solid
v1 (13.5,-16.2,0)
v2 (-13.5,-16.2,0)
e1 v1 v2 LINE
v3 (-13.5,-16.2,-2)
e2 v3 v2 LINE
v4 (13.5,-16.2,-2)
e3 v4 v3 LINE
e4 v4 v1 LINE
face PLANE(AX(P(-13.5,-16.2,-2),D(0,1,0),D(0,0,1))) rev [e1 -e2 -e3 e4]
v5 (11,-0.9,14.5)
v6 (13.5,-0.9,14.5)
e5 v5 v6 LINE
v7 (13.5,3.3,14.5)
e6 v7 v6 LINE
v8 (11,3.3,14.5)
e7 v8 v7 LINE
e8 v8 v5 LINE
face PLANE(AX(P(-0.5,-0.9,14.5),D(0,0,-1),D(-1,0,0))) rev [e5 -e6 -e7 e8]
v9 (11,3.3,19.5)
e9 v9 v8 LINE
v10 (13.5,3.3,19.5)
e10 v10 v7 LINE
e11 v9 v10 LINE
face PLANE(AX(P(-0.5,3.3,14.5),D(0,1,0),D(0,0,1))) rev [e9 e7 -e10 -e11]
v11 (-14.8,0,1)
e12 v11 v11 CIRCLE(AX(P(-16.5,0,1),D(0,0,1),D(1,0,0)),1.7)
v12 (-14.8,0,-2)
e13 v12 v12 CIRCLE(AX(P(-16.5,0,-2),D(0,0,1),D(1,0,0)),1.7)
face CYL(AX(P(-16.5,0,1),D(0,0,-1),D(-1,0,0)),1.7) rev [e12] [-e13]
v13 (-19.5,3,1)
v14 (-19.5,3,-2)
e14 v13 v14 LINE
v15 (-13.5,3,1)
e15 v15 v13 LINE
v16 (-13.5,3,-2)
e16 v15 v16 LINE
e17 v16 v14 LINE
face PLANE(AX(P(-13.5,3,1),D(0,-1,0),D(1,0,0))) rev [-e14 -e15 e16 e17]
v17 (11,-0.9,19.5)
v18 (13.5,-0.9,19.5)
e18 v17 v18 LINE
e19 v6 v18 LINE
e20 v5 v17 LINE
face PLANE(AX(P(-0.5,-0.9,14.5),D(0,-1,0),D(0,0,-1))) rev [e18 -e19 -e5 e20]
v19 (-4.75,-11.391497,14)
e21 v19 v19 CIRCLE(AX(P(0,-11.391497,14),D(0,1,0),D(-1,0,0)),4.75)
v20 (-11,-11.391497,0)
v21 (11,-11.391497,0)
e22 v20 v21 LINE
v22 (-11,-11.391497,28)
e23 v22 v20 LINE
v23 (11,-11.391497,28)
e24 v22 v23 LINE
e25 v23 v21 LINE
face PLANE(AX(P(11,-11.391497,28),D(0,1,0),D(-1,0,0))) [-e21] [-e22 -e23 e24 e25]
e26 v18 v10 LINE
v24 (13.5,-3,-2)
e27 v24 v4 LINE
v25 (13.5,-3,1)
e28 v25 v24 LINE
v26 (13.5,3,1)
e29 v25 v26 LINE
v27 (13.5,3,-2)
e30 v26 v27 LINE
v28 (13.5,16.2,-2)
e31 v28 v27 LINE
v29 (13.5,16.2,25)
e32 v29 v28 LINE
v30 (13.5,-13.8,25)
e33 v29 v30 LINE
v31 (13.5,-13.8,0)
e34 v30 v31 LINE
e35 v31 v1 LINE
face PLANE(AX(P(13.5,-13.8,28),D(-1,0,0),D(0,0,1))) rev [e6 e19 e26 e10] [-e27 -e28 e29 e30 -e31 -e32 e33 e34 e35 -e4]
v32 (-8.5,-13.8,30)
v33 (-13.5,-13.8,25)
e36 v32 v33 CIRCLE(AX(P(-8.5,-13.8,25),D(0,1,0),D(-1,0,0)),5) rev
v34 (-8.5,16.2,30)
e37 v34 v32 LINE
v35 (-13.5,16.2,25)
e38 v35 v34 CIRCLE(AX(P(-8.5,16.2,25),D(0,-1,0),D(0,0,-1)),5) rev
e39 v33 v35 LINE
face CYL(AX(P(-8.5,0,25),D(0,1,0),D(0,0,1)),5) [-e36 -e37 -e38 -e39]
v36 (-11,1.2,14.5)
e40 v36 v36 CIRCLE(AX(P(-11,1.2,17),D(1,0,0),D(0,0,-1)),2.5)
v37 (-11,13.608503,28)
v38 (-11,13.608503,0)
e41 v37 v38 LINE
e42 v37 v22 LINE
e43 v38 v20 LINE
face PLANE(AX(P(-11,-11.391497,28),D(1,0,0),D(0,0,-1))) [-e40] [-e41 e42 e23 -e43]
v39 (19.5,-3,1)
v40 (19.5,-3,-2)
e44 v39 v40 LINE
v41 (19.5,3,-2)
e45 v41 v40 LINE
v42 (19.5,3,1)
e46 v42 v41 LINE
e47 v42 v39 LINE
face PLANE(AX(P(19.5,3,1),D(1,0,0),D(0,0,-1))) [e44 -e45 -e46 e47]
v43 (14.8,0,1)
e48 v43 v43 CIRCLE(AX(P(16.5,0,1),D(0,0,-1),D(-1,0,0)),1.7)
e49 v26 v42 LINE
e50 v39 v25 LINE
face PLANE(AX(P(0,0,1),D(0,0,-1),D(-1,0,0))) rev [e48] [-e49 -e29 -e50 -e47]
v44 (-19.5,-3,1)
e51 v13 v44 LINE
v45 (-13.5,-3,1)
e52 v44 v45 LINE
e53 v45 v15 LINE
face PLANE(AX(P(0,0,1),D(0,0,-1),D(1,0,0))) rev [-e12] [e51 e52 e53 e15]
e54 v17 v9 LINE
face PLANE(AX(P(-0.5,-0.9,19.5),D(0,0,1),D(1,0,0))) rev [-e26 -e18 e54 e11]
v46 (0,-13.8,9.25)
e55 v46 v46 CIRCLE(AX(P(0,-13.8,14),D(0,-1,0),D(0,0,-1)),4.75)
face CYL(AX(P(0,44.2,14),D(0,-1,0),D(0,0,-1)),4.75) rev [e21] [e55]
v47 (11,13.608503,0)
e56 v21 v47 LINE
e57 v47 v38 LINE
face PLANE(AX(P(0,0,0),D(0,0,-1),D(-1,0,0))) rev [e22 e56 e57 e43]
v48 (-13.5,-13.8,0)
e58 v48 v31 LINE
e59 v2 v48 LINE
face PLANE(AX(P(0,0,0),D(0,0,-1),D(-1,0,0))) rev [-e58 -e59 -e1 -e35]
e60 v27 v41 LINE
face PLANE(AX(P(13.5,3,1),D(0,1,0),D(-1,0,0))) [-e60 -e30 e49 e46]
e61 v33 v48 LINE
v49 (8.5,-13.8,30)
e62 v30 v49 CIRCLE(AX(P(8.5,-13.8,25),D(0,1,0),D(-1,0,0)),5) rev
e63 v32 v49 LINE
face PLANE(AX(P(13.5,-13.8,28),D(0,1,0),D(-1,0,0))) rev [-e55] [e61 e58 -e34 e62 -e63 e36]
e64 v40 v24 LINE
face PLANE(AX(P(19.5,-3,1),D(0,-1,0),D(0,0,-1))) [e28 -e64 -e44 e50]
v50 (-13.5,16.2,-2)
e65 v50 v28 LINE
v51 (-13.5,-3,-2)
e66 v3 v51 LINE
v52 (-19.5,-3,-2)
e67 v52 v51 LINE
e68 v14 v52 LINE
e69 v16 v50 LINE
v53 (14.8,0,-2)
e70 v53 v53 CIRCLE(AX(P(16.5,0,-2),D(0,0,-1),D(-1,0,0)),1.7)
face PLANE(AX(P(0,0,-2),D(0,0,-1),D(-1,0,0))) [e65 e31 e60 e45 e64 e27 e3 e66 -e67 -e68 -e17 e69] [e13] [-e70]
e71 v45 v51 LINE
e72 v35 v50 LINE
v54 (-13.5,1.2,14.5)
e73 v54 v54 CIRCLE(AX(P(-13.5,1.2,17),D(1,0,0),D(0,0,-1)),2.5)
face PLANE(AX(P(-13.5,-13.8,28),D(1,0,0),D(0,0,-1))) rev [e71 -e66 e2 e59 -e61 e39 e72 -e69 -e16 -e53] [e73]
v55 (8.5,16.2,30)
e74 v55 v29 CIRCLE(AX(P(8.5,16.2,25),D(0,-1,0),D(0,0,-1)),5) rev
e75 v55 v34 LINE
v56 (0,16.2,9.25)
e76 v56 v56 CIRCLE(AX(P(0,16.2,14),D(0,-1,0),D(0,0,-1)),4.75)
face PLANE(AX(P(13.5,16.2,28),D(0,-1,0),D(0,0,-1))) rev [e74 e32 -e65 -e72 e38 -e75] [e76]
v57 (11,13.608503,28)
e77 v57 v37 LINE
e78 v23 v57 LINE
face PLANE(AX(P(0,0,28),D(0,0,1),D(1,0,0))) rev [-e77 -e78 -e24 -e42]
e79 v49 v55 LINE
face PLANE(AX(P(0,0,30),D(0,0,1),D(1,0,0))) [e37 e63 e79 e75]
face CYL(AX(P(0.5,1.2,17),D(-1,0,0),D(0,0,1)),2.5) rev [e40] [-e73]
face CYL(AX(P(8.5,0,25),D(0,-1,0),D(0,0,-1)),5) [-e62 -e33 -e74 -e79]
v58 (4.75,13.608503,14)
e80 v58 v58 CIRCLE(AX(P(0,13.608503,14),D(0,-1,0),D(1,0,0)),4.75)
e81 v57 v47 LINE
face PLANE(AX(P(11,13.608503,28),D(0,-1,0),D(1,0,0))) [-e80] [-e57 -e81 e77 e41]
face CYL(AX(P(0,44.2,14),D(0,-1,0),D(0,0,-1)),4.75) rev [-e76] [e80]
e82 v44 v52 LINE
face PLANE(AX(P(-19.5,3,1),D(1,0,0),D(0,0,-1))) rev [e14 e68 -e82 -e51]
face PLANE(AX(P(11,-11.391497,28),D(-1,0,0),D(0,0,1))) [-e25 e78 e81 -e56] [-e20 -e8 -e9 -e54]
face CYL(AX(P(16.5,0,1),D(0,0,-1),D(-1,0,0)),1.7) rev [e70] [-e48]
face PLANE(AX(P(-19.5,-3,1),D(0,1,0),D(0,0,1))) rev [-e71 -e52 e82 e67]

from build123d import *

# Parameters (mm, degrees)
SKETCH1_W           = 27
SKETCH1_H           = 30
SKETCH1_W_2         = 22
SKETCH1_H_2         = 25
BOSS_EXTRUDE1_DEPTH = 28
SKETCH2_R           = 2.5
CUT_EXTRUDE1_DEPTH  = 14
SKETCH3_W           = 5
SKETCH3_H           = 4.2
CUT_EXTRUDE2_DEPTH  = 14
SKETCH4_R           = 4.75
CUT_EXTRUDE3_DEPTH  = 58
SKETCH5_W           = 27
SKETCH5_H           = 30
BOSS_EXTRUDE2_DEPTH = 2
SKETCH6_W           = 27
SKETCH6_H           = 32.4
BOSS_EXTRUDE3_DEPTH = 2
SKETCH7_R           = 1.7
BOSS_EXTRUDE4_DEPTH = 3
FILLET11_R          = 5


with BuildPart() as part:
    # Sketch1 → Boss-Extrude1 (new body)
    with BuildSketch(Plane.XY):
        with Locations((0, 1.2)):
            Rectangle(SKETCH1_W, SKETCH1_H)
        with Locations((0, 1.108503026)):
            Rectangle(SKETCH1_W_2, SKETCH1_H_2, mode=Mode.SUBTRACT)
    extrude(amount=BOSS_EXTRUDE1_DEPTH)

    # Sketch2 → Cut-Extrude1 (cut, symmetric)
    with BuildSketch(Plane.ZY.offset(13.5)):
        with Locations(Location((17, 1.2, 0), (0, 0, 180))):
            Circle(SKETCH2_R)
    extrude(amount=CUT_EXTRUDE1_DEPTH, both=True, mode=Mode.SUBTRACT)

    # Sketch3 → Cut-Extrude2 (cut, symmetric)
    with BuildSketch(Plane(origin=(13.5, 0, 0), x_dir=(0, 0, -1), z_dir=(1, 0, 0))):
        with Locations((-17, 1.2)):
            Rectangle(SKETCH3_W, SKETCH3_H)
    extrude(amount=CUT_EXTRUDE2_DEPTH, both=True, mode=Mode.SUBTRACT)

    # Sketch4 → Cut-Extrude3 (cut)
    with BuildSketch(Plane.XZ.offset(13.8)):
        with Locations(Location((0, 14, 0), (0, 0, 270))):
            Circle(SKETCH4_R)
    extrude(amount=-CUT_EXTRUDE3_DEPTH, mode=Mode.SUBTRACT)

    # Sketch5 → Boss-Extrude2 (add)
    with BuildSketch(Plane.XY.offset(28)):
        with Locations((0, 1.2)):
            Rectangle(SKETCH5_W, SKETCH5_H)
    extrude(amount=BOSS_EXTRUDE2_DEPTH)

    # Sketch6 → Boss-Extrude3 (add)
    with BuildSketch(Plane(origin=(0, 0, 0), x_dir=(-1, 0, 0), z_dir=(0, 0, -1))):
        Rectangle(SKETCH6_W, SKETCH6_H)
    extrude(amount=BOSS_EXTRUDE3_DEPTH)

    # Sketch7 → Boss-Extrude4 (add)
    with BuildSketch(Plane(origin=(0, 0, -2), x_dir=(-1, 0, 0), z_dir=(0, 0, -1))):
        Polygon((-13.5, 0), (-13.5, 3), (-19.5, 3), (-19.5, -3), (-13.5, -3), align=None)
        with Locations((-16.5, 0)):
            Circle(SKETCH7_R, mode=Mode.SUBTRACT)
    boss_extrude4 = extrude(amount=-BOSS_EXTRUDE4_DEPTH)

    # Mirror2: Boss-Extrude4 across plane
    add(boss_extrude4.mirror(Plane(origin=(0, 0, 0), x_dir=(0, 0, 1), z_dir=(1, 0, 0))))

    # Fillet11
    fillet11_edges = [part.edges().sort_by_distance(p)[0] for p in [
        (-13.5, 1.2, 30),
        (13.5, 1.2, 30),
    ]]
    fillet(fillet11_edges, radius=FILLET11_R)

    # Mirror1: Boss-Extrude4 across plane
    add(boss_extrude4.mirror(Plane(origin=(0, 0, 0), x_dir=(0, 0, 1), z_dir=(1, 0, 0))))


solid = part.part
